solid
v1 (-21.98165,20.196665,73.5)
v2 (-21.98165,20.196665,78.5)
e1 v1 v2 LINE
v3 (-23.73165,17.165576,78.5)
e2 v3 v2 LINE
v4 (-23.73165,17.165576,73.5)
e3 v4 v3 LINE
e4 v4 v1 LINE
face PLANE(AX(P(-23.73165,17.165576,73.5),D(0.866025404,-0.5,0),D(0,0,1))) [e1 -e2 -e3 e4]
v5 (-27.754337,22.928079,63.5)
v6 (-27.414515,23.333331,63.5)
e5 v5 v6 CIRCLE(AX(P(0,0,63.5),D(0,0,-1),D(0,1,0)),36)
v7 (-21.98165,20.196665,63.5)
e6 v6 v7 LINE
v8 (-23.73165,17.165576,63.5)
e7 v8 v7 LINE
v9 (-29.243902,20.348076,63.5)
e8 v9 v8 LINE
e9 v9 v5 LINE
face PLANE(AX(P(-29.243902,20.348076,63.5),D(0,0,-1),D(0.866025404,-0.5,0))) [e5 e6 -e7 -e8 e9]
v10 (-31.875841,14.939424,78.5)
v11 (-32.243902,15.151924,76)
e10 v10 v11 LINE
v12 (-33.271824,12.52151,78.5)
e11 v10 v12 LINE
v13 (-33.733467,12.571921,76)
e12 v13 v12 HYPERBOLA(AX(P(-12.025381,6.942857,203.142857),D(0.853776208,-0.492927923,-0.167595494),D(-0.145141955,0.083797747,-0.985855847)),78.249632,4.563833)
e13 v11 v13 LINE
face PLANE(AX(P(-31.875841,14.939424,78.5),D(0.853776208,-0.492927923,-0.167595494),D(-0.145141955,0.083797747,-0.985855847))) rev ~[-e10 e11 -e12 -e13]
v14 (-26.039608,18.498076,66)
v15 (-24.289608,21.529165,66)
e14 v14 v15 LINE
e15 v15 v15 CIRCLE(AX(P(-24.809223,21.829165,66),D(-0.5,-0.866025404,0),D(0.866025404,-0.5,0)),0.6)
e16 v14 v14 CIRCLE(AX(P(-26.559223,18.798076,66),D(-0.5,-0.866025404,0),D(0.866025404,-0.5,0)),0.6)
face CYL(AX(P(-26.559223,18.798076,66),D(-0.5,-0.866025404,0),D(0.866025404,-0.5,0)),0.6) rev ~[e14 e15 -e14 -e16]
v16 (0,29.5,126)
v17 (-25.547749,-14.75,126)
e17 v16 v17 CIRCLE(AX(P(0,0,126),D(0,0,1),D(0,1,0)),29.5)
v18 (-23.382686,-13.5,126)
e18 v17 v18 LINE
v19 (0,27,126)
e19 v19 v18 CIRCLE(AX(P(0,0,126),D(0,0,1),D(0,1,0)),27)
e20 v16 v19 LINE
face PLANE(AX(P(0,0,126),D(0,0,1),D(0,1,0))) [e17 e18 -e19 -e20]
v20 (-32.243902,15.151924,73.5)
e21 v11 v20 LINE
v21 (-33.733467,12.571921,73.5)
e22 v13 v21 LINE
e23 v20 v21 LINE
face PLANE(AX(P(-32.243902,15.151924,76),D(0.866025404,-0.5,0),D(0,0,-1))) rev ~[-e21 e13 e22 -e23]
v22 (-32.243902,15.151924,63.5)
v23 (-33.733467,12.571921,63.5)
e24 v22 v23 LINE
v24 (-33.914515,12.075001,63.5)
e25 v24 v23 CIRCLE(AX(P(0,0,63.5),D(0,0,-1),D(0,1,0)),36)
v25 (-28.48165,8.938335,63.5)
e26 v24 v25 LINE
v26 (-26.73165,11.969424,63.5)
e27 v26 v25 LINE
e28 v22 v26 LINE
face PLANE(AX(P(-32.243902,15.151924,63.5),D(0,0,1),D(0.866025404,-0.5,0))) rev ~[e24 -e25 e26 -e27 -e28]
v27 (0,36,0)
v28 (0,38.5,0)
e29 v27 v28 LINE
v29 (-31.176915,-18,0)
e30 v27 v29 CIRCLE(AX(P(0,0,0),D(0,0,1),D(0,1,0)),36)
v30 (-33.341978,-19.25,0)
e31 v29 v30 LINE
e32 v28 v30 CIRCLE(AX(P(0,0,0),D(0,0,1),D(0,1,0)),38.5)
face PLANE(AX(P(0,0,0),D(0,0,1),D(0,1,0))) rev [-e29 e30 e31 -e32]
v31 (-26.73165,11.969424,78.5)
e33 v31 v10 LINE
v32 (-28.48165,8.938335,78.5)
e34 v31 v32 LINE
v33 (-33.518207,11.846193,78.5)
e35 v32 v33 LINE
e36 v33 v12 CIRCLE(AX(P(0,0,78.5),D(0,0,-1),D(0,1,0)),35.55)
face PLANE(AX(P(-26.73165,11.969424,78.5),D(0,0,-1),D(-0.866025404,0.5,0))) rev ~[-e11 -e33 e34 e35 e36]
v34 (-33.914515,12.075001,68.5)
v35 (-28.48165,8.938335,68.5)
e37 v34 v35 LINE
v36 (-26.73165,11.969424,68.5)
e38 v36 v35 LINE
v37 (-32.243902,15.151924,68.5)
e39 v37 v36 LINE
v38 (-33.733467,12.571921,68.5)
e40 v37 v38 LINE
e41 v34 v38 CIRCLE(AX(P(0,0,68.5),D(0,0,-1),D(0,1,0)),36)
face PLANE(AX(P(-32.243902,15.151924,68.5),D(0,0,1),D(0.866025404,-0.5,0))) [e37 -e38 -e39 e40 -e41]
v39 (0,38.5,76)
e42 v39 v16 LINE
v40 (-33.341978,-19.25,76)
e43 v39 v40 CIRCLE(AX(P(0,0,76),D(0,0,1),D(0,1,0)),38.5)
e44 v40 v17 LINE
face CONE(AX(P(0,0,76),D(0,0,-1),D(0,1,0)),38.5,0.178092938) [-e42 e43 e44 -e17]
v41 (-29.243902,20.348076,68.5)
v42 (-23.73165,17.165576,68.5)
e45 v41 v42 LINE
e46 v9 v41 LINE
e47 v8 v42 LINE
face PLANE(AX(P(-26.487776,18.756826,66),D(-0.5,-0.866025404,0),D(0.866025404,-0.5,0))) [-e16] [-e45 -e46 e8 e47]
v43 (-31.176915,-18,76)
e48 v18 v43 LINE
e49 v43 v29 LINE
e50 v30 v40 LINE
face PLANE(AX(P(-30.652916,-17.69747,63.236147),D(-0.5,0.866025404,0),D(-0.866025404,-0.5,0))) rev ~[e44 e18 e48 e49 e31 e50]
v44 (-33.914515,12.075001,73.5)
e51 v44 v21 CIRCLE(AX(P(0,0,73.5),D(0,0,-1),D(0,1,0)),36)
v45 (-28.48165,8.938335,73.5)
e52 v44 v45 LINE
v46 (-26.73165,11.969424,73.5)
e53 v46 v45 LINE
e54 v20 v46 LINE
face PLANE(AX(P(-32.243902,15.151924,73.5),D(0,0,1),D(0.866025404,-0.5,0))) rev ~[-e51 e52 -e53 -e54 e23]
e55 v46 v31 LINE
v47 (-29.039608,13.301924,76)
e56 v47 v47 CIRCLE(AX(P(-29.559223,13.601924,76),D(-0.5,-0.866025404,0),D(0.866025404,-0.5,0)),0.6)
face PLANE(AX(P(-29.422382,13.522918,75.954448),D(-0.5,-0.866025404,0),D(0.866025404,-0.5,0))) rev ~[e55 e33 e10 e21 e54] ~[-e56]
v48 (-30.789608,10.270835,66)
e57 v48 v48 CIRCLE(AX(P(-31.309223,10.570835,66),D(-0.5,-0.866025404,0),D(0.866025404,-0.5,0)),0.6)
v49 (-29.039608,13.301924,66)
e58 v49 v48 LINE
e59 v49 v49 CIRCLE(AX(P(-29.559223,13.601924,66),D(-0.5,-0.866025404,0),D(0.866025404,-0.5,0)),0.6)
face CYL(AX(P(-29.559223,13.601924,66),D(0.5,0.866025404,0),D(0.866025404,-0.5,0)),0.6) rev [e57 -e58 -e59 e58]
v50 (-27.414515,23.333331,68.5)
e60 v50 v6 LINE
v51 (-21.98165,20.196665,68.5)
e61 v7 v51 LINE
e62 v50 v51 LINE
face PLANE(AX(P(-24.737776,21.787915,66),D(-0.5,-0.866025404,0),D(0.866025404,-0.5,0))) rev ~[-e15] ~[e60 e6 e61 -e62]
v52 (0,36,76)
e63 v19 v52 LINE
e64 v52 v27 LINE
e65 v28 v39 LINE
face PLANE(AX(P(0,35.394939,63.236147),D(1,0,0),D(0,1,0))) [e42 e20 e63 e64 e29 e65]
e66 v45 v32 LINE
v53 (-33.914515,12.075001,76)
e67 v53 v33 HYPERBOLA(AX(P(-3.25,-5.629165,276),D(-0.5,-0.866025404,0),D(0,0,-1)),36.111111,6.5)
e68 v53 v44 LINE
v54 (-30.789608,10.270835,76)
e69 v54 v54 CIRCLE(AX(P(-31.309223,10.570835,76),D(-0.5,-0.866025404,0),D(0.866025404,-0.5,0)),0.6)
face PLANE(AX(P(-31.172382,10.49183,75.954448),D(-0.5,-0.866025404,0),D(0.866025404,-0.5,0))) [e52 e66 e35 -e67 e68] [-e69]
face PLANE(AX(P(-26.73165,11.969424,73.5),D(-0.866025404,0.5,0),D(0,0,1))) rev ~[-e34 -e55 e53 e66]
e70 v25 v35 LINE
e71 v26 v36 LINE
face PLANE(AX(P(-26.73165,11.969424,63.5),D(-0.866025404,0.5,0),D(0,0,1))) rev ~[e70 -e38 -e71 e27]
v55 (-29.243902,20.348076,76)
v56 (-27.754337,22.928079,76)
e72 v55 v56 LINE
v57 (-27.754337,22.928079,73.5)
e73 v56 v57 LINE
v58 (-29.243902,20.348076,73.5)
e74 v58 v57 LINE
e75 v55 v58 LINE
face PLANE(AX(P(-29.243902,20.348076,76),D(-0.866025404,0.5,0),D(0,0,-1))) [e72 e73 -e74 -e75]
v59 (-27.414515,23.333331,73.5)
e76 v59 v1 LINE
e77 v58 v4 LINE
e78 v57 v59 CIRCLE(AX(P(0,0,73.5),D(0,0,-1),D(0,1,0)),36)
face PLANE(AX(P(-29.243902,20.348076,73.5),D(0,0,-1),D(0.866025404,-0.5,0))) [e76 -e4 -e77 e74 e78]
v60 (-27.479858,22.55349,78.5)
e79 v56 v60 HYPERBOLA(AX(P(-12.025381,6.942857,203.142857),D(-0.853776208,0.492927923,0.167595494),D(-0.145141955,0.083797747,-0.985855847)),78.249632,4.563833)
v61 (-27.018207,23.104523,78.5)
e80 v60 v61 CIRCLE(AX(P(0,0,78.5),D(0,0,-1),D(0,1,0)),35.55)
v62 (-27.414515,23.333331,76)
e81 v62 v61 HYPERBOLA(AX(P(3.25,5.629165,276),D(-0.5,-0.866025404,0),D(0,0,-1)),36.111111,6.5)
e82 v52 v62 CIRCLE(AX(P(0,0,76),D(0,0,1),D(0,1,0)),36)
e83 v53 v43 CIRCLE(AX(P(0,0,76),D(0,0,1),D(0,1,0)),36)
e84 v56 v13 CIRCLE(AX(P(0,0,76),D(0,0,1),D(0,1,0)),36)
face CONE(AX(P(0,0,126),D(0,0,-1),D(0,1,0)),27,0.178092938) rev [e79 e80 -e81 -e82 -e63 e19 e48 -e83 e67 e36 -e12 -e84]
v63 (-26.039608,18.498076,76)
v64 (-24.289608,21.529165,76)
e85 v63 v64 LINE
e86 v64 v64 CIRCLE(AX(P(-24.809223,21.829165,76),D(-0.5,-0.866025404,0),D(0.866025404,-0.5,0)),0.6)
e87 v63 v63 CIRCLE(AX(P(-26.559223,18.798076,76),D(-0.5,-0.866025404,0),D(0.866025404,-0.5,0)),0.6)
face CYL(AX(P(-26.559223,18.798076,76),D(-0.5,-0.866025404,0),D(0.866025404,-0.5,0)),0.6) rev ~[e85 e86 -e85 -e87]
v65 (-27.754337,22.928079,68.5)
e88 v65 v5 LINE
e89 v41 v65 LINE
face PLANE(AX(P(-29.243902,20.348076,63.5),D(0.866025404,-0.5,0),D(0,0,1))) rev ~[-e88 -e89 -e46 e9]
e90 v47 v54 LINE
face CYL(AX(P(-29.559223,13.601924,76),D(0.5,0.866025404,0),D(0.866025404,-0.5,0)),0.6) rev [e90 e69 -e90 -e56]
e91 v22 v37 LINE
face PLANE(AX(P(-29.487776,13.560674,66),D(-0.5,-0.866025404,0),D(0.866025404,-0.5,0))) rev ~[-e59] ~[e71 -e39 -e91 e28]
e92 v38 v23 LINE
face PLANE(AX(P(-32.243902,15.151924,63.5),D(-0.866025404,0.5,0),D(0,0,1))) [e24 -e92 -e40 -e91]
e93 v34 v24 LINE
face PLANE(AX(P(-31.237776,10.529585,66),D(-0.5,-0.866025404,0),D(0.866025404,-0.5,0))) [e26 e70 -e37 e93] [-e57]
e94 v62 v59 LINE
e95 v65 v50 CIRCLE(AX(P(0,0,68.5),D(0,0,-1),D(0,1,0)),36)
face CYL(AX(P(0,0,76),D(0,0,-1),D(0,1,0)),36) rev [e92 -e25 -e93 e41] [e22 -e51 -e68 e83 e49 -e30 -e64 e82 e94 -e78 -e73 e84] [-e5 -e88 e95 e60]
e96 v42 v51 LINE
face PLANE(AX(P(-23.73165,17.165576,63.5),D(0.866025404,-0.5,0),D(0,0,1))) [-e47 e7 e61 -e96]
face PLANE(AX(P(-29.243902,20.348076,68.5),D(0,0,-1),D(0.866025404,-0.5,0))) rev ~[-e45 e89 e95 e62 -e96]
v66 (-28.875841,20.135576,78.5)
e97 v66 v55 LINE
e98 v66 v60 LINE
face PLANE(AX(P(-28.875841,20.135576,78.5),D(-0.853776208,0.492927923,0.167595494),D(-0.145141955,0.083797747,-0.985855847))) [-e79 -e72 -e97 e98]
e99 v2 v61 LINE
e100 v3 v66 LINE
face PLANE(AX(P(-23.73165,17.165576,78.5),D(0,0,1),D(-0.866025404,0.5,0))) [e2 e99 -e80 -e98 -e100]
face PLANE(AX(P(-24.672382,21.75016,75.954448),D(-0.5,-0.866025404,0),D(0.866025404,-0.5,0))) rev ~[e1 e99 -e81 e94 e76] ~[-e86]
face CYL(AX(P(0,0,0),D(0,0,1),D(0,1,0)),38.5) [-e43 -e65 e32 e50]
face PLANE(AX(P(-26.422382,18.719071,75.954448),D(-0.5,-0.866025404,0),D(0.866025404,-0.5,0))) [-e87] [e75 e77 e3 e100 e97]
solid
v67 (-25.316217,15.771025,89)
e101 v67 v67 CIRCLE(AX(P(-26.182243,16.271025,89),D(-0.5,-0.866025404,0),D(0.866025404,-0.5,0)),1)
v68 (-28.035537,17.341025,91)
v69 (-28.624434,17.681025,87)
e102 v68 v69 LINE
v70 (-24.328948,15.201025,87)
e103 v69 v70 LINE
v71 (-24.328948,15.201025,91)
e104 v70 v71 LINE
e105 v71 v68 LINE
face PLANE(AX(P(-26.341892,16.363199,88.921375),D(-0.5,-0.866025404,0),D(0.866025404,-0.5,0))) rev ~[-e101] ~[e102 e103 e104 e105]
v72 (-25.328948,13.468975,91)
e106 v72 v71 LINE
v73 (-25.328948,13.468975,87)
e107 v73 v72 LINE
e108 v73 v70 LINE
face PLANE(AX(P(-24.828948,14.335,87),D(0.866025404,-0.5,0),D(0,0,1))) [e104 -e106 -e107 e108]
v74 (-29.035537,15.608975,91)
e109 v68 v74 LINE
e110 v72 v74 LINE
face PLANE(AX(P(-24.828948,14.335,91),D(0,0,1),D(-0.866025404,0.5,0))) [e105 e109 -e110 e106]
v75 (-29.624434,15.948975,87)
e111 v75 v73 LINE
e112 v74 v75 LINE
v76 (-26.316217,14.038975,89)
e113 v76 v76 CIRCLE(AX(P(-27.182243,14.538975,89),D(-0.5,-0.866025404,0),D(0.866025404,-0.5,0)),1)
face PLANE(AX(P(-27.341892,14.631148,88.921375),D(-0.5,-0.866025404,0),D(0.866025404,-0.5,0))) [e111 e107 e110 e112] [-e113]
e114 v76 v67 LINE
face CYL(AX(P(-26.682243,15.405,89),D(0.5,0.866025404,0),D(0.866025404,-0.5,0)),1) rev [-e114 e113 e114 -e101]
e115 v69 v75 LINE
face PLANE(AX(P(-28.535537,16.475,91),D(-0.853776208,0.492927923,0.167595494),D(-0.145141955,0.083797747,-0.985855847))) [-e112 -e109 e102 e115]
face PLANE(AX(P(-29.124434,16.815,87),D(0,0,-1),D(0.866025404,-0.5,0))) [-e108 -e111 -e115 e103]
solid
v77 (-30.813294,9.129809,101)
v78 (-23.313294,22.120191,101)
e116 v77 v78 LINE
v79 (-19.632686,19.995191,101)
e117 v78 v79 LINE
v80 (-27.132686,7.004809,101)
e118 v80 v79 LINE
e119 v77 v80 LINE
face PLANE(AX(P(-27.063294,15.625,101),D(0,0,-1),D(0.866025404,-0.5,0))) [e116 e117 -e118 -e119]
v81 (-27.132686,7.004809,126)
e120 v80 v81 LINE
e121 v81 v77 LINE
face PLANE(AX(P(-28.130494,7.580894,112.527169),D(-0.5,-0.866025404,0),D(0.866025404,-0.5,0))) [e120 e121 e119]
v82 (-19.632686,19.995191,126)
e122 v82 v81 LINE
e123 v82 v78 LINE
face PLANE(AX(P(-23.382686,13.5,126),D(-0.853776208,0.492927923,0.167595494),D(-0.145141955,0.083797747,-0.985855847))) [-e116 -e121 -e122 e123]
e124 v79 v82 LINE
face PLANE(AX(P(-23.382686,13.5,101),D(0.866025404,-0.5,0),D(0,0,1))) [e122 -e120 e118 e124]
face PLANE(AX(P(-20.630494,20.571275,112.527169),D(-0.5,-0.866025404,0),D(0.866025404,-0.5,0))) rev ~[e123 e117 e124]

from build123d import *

# Parameters (mm, degrees)
F2_ANGLE  = 120
F5_DEPTH  = 7.5
F7_DEPTH  = 7.5
F11_R     = 0.6
F11_W     = 6.365
F11_H     = 5
F12_DEPTH = 3.5
F10_R     = 0.6
F10_W     = 6.365
F10_H     = 5
F13_DEPTH = 3.5
F4_R      = 1
F14_DEPTH = 1


with BuildPart() as f2:
    # F1 (on Right) → F2 (revolve)
    with BuildSketch(Plane.YZ):
        Polygon((38.5, 76), (29.5, 126), (27, 126), (36, 76), (36, 0), (38.5, 0), align=None)
    revolve(axis=Axis((0, 0, 63), (0, 0, 1)), revolution_arc=F2_ANGLE)

    # F11 (on offset) → F12 (join)
    with BuildSketch(Plane(origin=(1.5, 2.5980762114, 0), x_dir=(0.8660254038, -0.5, 0), z_dir=(-0.5, -0.8660254038, 0))):
        Polygon((-35.5, 73.5), (-29.135, 73.5), (-29.135, 78.5), (-35.075, 78.5), (-35.5, 76), align=None)
        with Locations((-32.4, 76)):
            Circle(F11_R, mode=Mode.SUBTRACT)
        with Locations((-32.3175, 66)):
            Rectangle(F11_W, F11_H)
        with Locations((-32.4, 66)):
            Circle(F11_R, mode=Mode.SUBTRACT)
    extrude(amount=-F12_DEPTH)

    # F10 (on offset) → F13 (join)
    with BuildSketch(Plane(origin=(-1.5, -2.5980762114, 0), x_dir=(0.8660254038, -0.5, 0), z_dir=(-0.5, -0.8660254038, 0))):
        Polygon((-35.5, 73.5), (-29.135, 73.5), (-29.135, 78.5), (-35.075, 78.5), (-35.5, 76), align=None)
        with Locations((-32.4, 76)):
            Circle(F10_R, mode=Mode.SUBTRACT)
        with Locations((-32.3175, 66)):
            Rectangle(F10_W, F10_H)
        with Locations((-32.4, 66)):
            Circle(F10_R, mode=Mode.SUBTRACT)
    extrude(amount=F13_DEPTH)


with BuildPart() as f5:
    # F4 (on line) → F5 (new body, symmetric)
    with BuildSketch(Plane(origin=(0, 0, 0), x_dir=(0.8660254038, -0.5, 0), z_dir=(-0.5, -0.8660254038, 0))):
        Polygon((-27, 101), (-27, 126), (-31.25, 101), align=None)
    extrude(amount=F5_DEPTH, both=True)


with BuildPart() as f7:
    # F4 (on line) → F7 (new body, symmetric)
    with BuildSketch(Plane(origin=(0, 0, 0), x_dir=(0.8660254038, -0.5, 0), z_dir=(-0.5, -0.8660254038, 0))):
        Polygon((-27, 101), (-27, 126), (-31.25, 101), align=None)
    extrude(amount=F7_DEPTH, both=True)


with BuildPart() as f14:
    # F4 (on line) → F14 (new body, symmetric)
    with BuildSketch(Plane(origin=(0, 0, 0), x_dir=(0.8660254038, -0.5, 0), z_dir=(-0.5, -0.8660254038, 0))):
        Polygon((-28.67, 91), (-32.95, 91), (-33.63, 87), (-28.67, 87), align=None)
        with Locations((-30.81, 89)):
            Circle(F4_R, mode=Mode.SUBTRACT)
    extrude(amount=F14_DEPTH, both=True)


solid = Compound([f2.part, f7.part, f14.part])
